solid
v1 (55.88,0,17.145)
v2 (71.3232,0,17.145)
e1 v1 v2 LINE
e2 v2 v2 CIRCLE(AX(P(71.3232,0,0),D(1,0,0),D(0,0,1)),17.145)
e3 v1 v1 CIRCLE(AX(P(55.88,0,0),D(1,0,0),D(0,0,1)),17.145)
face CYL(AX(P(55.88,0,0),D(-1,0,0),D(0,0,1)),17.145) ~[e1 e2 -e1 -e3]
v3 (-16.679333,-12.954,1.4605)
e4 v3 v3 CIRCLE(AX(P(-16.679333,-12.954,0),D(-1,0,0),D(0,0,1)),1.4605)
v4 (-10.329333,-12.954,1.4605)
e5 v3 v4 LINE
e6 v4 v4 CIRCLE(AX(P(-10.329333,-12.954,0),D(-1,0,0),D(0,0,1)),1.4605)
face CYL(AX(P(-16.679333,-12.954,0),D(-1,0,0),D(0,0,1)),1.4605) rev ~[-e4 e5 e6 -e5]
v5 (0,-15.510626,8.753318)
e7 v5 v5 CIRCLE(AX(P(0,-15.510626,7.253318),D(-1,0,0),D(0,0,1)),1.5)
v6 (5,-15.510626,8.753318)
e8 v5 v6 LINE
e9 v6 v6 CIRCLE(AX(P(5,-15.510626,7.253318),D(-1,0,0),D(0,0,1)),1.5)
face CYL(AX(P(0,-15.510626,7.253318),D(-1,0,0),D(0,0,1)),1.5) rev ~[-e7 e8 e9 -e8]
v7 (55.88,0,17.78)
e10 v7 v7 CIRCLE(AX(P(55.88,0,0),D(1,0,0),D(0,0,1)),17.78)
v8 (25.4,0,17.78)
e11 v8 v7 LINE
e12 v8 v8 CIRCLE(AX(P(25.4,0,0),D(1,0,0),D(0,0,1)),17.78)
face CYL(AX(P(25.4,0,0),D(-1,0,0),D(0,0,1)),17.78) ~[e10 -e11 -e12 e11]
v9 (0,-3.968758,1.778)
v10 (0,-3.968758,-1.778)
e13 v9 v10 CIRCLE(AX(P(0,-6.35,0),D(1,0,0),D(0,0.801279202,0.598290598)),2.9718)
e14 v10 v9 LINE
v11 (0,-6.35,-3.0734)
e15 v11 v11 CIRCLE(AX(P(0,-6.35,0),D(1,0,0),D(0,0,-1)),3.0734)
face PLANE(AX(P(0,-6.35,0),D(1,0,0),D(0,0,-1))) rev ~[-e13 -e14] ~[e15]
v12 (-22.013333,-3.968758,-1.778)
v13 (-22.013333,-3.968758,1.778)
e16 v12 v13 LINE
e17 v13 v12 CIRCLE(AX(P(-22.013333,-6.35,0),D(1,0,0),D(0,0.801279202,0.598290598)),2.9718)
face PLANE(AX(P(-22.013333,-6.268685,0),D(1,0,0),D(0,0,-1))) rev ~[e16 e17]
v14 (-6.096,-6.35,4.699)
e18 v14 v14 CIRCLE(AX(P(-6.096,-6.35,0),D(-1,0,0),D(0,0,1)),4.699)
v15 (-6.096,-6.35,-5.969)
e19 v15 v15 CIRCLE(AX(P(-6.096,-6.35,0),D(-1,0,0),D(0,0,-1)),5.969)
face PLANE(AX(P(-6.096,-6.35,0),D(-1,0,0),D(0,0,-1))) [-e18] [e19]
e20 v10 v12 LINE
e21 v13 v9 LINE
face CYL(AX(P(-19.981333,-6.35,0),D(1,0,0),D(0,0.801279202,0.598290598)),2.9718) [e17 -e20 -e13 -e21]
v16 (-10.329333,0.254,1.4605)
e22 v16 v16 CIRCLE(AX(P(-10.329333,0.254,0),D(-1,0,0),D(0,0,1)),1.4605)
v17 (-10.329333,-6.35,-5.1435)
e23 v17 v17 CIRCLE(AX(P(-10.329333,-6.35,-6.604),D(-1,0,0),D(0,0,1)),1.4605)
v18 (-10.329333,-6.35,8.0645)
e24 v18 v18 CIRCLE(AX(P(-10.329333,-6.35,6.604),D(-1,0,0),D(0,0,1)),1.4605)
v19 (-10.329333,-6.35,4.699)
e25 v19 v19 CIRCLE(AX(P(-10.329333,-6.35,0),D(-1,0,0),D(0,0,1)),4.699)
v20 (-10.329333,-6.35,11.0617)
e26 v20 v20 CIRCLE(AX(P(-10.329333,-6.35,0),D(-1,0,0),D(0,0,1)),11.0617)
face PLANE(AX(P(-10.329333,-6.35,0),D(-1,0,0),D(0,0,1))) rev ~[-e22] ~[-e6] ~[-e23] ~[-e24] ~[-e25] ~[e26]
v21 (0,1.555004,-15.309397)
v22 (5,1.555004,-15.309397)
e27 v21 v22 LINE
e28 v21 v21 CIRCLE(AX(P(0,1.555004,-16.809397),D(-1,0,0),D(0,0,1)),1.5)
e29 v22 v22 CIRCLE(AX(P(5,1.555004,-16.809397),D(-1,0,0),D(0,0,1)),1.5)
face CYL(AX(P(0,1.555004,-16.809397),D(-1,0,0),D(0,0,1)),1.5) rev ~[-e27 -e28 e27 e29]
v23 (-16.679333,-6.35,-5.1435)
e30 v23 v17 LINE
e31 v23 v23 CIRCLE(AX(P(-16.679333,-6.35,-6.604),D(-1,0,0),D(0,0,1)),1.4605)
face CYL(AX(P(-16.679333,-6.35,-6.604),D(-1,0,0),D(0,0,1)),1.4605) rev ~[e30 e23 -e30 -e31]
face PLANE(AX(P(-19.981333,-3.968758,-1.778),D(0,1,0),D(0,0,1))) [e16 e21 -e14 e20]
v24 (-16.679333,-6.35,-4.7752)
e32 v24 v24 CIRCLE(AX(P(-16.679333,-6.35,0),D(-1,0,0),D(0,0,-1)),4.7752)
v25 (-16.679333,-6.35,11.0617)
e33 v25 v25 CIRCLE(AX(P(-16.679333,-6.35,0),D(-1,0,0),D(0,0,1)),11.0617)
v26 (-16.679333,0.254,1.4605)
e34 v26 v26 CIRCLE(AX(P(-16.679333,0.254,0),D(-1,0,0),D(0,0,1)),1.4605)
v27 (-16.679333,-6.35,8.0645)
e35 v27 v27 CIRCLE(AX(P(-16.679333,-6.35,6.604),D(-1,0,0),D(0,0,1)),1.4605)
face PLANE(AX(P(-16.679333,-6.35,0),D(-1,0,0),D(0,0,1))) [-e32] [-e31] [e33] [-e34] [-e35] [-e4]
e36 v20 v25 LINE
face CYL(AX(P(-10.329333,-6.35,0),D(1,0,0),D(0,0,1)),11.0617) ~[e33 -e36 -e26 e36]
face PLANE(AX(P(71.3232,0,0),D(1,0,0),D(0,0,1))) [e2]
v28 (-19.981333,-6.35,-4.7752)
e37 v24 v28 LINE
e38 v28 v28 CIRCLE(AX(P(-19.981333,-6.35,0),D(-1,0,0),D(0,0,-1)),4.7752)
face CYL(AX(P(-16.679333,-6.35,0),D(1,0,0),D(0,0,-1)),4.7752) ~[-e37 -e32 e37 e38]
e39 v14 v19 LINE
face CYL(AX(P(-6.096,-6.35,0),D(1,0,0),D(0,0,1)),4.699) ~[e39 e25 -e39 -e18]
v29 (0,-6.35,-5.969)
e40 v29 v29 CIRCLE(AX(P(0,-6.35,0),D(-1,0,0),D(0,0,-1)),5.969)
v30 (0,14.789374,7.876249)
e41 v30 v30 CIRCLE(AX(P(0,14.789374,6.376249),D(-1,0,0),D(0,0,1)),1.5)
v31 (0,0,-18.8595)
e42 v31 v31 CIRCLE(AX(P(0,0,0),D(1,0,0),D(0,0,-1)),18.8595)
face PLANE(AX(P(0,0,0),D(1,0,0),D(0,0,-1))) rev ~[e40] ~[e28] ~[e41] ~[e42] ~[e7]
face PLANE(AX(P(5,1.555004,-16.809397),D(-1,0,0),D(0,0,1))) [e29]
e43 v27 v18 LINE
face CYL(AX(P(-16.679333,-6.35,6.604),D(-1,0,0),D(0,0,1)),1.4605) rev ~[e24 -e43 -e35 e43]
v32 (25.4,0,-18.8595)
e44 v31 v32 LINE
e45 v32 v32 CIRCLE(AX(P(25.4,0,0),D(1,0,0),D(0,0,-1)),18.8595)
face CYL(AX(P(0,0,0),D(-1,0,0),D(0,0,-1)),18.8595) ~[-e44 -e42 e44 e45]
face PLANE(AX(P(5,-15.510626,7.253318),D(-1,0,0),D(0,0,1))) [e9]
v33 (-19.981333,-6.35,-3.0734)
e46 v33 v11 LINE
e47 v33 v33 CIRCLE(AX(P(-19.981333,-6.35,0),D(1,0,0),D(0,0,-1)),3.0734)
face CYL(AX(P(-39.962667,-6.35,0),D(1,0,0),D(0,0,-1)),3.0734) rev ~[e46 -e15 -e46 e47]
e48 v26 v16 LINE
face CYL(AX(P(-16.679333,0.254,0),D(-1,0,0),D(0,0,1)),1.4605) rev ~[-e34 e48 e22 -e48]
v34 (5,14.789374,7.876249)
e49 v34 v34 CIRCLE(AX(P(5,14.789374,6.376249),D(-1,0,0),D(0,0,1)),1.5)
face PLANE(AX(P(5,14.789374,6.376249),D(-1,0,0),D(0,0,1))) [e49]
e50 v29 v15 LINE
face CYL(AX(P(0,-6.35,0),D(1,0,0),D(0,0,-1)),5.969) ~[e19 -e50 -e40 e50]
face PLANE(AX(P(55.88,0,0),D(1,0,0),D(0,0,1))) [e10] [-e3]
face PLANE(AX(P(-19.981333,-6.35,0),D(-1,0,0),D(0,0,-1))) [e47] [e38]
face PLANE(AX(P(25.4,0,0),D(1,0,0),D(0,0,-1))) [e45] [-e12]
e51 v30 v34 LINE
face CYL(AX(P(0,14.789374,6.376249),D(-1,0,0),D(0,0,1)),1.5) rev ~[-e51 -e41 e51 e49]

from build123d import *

# Parameters (mm, degrees)
ESQUISSE6_R                                   = 18.8595
BOSS_EXTRU_2_DEPTH                            = 25.4
ESQUISSE7_R                                   = 17.78
BOSS_EXTRU_3_DEPTH                            = 30.48
ESQUISSE8_R                                   = 17.145
BOSS_EXTRU_4_DEPTH                            = 15.4432
ESQUISSE9_R                                   = 5.969
BOSS_EXTRU_5_DEPTH                            = 6.096
ESQUISSE10_R                                  = 4.699
BOSS_EXTRU_6_DEPTH                            = 4.233333333
ESQUISSE11_R                                  = 11.0617
BOSS_EXTRU_7_DEPTH                            = 6.35
ESQUISSE12_R                                  = 4.7752
BOSS_EXTRU_8_DEPTH                            = 3.302
PER_AGE_POUR_TUYAU_POUR_TROU_TARAUD_1_1_D     = 6.1468
PER_AGE_POUR_TUYAU_POUR_TROU_TARAUD_1_1_DEPTH = 19.981333333
BOSS_EXTRU_9_DEPTH                            = 19.981333333
BOSS_EXTRU_10_DEPTH                           = 2.032
ENL_V_MAT_EXTRU_2_REACH                       = 93.955
ESQUISSE18_R                                  = 1.4605
ESQUISSE19_R                                  = 1.5
ESQUISSE19_R_2                                = 1.500000048
ENL_V_MAT_EXTRU_3_DEPTH                       = 5


with BuildPart() as part:
    # Esquisse6 → Boss.-Extru.2 (new body)
    with BuildSketch(Plane(origin=(0, 0, 0), x_dir=(0, 0, -1), z_dir=(1, 0, 0))):
        Circle(ESQUISSE6_R)
    extrude(amount=BOSS_EXTRU_2_DEPTH)

    # Esquisse7 → Boss.-Extru.3 (add)
    with BuildSketch(Plane(origin=(25.4, 0, 0), x_dir=(0, 0, -1), z_dir=(1, 0, 0))):
        with Locations(Location((0, 0, 0), (0, 0, 180))):
            Circle(ESQUISSE7_R)
    extrude(amount=BOSS_EXTRU_3_DEPTH)

    # Esquisse8 → Boss.-Extru.4 (add)
    with BuildSketch(Plane(origin=(55.88, 0, 0), x_dir=(0, 0, -1), z_dir=(1, 0, 0))):
        with Locations(Location((0, 0, 0), (0, 0, 180))):
            Circle(ESQUISSE8_R)
    extrude(amount=BOSS_EXTRU_4_DEPTH)

    # Esquisse9 → Boss.-Extru.5 (add)
    with BuildSketch(Plane.ZY):
        with Locations(Location((0, -6.35, 0), (0, 0, 180))):
            Circle(ESQUISSE9_R)
    extrude(amount=BOSS_EXTRU_5_DEPTH)

    # Esquisse10 → Boss.-Extru.6 (add)
    with BuildSketch(Plane.ZY.offset(6.096)):
        with Locations((0, -6.35)):
            Circle(ESQUISSE10_R)
    extrude(amount=BOSS_EXTRU_6_DEPTH)

    # Esquisse11 → Boss.-Extru.7 (add)
    with BuildSketch(Plane.ZY.offset(10.329333333)):
        with Locations((0, -6.35)):
            Circle(ESQUISSE11_R)
    extrude(amount=BOSS_EXTRU_7_DEPTH)

    # Esquisse12 → Boss.-Extru.8 (add)
    with BuildSketch(Plane.ZY.offset(16.679333333)):
        with Locations(Location((0, -6.35, 0), (0, 0, 180))):
            Circle(ESQUISSE12_R)
    extrude(amount=BOSS_EXTRU_8_DEPTH)

    # Perçage pour tuyau pour trou taraudé 1/161
    with Locations(Plane.ZY.offset(19.981333333)):
        with Locations((0, -6.35)):
            Hole(PER_AGE_POUR_TUYAU_POUR_TROU_TARAUD_1_1_D / 2, depth=PER_AGE_POUR_TUYAU_POUR_TROU_TARAUD_1_1_DEPTH)

    # Esquisse16 → Boss.-Extru.9 (add)
    with BuildSketch(Plane.ZY):
        with BuildLine():
            Line((-1.778, -3.968758467), (1.778, -3.968758467))
            ThreePointArc((1.778, -3.968758467), (0, -9.3218), (-1.778, -3.968758467))
        make_face()
    extrude(amount=BOSS_EXTRU_9_DEPTH)

    # Esquisse17 → Boss.-Extru.10 (add)
    with BuildSketch(Plane.ZY.offset(19.981333333)):
        with BuildLine():
            Line((-1.778, -3.968758467), (1.778, -3.968758467))
            ThreePointArc((1.778, -3.968758467), (0, -9.3218), (-1.778, -3.968758467))
        make_face()
    extrude(amount=BOSS_EXTRU_10_DEPTH)

    # Esquisse18 → Enlèv. mat.-Extru.2 (cut, up to next)
    with BuildSketch(Plane.ZY.offset(16.679333333), mode=Mode.PRIVATE) as enl_v_mat_extru_2_sk1:
        with Locations((0, 0.254)):
            Circle(ESQUISSE18_R)
    enl_v_mat_extru_2_tool1 = extrude(enl_v_mat_extru_2_sk1.sketch, amount=-ENL_V_MAT_EXTRU_2_REACH, mode=Mode.PRIVATE) & part.part
    # Esquisse18 → Enlèv. mat.-Extru.2 (cut, up to next)
    with BuildSketch(Plane.ZY.offset(16.679333333), mode=Mode.PRIVATE) as enl_v_mat_extru_2_sk2:
        with Locations((6.604, -6.35)):
            Circle(ESQUISSE18_R)
    enl_v_mat_extru_2_tool2 = extrude(enl_v_mat_extru_2_sk2.sketch, amount=-ENL_V_MAT_EXTRU_2_REACH, mode=Mode.PRIVATE) & part.part
    # Esquisse18 → Enlèv. mat.-Extru.2 (cut, up to next)
    with BuildSketch(Plane.ZY.offset(16.679333333), mode=Mode.PRIVATE) as enl_v_mat_extru_2_sk3:
        with Locations((0, -12.954)):
            Circle(ESQUISSE18_R)
    enl_v_mat_extru_2_tool3 = extrude(enl_v_mat_extru_2_sk3.sketch, amount=-ENL_V_MAT_EXTRU_2_REACH, mode=Mode.PRIVATE) & part.part
    # Esquisse18 → Enlèv. mat.-Extru.2 (cut, up to next)
    with BuildSketch(Plane.ZY.offset(16.679333333), mode=Mode.PRIVATE) as enl_v_mat_extru_2_sk4:
        with Locations((-6.604, -6.35)):
            Circle(ESQUISSE18_R)
    enl_v_mat_extru_2_tool4 = extrude(enl_v_mat_extru_2_sk4.sketch, amount=-ENL_V_MAT_EXTRU_2_REACH, mode=Mode.PRIVATE) & part.part
    add(enl_v_mat_extru_2_tool1.solids().sort_by_distance((-16.679333, 0.254, 0))[0], mode=Mode.SUBTRACT)
    add(enl_v_mat_extru_2_tool2.solids().sort_by_distance((-16.679333, -6.35, 6.604))[0], mode=Mode.SUBTRACT)
    add(enl_v_mat_extru_2_tool3.solids().sort_by_distance((-16.679333, -12.954, 0))[0], mode=Mode.SUBTRACT)
    add(enl_v_mat_extru_2_tool4.solids().sort_by_distance((-16.679333, -6.35, -6.604))[0], mode=Mode.SUBTRACT)

    # Esquisse19 → Enlèv. mat.-Extru.3 (cut)
    with BuildSketch(Plane.ZY):
        with Locations((6.376248943, 14.789374018)):
            Circle(ESQUISSE19_R)
        with Locations((7.253318149, -15.510625982)):
            Circle(ESQUISSE19_R_2)
        with Locations((-16.809397398, 1.555003695)):
            Circle(ESQUISSE19_R_2)
    extrude(amount=-ENL_V_MAT_EXTRU_3_DEPTH, mode=Mode.SUBTRACT)


solid = part.part
